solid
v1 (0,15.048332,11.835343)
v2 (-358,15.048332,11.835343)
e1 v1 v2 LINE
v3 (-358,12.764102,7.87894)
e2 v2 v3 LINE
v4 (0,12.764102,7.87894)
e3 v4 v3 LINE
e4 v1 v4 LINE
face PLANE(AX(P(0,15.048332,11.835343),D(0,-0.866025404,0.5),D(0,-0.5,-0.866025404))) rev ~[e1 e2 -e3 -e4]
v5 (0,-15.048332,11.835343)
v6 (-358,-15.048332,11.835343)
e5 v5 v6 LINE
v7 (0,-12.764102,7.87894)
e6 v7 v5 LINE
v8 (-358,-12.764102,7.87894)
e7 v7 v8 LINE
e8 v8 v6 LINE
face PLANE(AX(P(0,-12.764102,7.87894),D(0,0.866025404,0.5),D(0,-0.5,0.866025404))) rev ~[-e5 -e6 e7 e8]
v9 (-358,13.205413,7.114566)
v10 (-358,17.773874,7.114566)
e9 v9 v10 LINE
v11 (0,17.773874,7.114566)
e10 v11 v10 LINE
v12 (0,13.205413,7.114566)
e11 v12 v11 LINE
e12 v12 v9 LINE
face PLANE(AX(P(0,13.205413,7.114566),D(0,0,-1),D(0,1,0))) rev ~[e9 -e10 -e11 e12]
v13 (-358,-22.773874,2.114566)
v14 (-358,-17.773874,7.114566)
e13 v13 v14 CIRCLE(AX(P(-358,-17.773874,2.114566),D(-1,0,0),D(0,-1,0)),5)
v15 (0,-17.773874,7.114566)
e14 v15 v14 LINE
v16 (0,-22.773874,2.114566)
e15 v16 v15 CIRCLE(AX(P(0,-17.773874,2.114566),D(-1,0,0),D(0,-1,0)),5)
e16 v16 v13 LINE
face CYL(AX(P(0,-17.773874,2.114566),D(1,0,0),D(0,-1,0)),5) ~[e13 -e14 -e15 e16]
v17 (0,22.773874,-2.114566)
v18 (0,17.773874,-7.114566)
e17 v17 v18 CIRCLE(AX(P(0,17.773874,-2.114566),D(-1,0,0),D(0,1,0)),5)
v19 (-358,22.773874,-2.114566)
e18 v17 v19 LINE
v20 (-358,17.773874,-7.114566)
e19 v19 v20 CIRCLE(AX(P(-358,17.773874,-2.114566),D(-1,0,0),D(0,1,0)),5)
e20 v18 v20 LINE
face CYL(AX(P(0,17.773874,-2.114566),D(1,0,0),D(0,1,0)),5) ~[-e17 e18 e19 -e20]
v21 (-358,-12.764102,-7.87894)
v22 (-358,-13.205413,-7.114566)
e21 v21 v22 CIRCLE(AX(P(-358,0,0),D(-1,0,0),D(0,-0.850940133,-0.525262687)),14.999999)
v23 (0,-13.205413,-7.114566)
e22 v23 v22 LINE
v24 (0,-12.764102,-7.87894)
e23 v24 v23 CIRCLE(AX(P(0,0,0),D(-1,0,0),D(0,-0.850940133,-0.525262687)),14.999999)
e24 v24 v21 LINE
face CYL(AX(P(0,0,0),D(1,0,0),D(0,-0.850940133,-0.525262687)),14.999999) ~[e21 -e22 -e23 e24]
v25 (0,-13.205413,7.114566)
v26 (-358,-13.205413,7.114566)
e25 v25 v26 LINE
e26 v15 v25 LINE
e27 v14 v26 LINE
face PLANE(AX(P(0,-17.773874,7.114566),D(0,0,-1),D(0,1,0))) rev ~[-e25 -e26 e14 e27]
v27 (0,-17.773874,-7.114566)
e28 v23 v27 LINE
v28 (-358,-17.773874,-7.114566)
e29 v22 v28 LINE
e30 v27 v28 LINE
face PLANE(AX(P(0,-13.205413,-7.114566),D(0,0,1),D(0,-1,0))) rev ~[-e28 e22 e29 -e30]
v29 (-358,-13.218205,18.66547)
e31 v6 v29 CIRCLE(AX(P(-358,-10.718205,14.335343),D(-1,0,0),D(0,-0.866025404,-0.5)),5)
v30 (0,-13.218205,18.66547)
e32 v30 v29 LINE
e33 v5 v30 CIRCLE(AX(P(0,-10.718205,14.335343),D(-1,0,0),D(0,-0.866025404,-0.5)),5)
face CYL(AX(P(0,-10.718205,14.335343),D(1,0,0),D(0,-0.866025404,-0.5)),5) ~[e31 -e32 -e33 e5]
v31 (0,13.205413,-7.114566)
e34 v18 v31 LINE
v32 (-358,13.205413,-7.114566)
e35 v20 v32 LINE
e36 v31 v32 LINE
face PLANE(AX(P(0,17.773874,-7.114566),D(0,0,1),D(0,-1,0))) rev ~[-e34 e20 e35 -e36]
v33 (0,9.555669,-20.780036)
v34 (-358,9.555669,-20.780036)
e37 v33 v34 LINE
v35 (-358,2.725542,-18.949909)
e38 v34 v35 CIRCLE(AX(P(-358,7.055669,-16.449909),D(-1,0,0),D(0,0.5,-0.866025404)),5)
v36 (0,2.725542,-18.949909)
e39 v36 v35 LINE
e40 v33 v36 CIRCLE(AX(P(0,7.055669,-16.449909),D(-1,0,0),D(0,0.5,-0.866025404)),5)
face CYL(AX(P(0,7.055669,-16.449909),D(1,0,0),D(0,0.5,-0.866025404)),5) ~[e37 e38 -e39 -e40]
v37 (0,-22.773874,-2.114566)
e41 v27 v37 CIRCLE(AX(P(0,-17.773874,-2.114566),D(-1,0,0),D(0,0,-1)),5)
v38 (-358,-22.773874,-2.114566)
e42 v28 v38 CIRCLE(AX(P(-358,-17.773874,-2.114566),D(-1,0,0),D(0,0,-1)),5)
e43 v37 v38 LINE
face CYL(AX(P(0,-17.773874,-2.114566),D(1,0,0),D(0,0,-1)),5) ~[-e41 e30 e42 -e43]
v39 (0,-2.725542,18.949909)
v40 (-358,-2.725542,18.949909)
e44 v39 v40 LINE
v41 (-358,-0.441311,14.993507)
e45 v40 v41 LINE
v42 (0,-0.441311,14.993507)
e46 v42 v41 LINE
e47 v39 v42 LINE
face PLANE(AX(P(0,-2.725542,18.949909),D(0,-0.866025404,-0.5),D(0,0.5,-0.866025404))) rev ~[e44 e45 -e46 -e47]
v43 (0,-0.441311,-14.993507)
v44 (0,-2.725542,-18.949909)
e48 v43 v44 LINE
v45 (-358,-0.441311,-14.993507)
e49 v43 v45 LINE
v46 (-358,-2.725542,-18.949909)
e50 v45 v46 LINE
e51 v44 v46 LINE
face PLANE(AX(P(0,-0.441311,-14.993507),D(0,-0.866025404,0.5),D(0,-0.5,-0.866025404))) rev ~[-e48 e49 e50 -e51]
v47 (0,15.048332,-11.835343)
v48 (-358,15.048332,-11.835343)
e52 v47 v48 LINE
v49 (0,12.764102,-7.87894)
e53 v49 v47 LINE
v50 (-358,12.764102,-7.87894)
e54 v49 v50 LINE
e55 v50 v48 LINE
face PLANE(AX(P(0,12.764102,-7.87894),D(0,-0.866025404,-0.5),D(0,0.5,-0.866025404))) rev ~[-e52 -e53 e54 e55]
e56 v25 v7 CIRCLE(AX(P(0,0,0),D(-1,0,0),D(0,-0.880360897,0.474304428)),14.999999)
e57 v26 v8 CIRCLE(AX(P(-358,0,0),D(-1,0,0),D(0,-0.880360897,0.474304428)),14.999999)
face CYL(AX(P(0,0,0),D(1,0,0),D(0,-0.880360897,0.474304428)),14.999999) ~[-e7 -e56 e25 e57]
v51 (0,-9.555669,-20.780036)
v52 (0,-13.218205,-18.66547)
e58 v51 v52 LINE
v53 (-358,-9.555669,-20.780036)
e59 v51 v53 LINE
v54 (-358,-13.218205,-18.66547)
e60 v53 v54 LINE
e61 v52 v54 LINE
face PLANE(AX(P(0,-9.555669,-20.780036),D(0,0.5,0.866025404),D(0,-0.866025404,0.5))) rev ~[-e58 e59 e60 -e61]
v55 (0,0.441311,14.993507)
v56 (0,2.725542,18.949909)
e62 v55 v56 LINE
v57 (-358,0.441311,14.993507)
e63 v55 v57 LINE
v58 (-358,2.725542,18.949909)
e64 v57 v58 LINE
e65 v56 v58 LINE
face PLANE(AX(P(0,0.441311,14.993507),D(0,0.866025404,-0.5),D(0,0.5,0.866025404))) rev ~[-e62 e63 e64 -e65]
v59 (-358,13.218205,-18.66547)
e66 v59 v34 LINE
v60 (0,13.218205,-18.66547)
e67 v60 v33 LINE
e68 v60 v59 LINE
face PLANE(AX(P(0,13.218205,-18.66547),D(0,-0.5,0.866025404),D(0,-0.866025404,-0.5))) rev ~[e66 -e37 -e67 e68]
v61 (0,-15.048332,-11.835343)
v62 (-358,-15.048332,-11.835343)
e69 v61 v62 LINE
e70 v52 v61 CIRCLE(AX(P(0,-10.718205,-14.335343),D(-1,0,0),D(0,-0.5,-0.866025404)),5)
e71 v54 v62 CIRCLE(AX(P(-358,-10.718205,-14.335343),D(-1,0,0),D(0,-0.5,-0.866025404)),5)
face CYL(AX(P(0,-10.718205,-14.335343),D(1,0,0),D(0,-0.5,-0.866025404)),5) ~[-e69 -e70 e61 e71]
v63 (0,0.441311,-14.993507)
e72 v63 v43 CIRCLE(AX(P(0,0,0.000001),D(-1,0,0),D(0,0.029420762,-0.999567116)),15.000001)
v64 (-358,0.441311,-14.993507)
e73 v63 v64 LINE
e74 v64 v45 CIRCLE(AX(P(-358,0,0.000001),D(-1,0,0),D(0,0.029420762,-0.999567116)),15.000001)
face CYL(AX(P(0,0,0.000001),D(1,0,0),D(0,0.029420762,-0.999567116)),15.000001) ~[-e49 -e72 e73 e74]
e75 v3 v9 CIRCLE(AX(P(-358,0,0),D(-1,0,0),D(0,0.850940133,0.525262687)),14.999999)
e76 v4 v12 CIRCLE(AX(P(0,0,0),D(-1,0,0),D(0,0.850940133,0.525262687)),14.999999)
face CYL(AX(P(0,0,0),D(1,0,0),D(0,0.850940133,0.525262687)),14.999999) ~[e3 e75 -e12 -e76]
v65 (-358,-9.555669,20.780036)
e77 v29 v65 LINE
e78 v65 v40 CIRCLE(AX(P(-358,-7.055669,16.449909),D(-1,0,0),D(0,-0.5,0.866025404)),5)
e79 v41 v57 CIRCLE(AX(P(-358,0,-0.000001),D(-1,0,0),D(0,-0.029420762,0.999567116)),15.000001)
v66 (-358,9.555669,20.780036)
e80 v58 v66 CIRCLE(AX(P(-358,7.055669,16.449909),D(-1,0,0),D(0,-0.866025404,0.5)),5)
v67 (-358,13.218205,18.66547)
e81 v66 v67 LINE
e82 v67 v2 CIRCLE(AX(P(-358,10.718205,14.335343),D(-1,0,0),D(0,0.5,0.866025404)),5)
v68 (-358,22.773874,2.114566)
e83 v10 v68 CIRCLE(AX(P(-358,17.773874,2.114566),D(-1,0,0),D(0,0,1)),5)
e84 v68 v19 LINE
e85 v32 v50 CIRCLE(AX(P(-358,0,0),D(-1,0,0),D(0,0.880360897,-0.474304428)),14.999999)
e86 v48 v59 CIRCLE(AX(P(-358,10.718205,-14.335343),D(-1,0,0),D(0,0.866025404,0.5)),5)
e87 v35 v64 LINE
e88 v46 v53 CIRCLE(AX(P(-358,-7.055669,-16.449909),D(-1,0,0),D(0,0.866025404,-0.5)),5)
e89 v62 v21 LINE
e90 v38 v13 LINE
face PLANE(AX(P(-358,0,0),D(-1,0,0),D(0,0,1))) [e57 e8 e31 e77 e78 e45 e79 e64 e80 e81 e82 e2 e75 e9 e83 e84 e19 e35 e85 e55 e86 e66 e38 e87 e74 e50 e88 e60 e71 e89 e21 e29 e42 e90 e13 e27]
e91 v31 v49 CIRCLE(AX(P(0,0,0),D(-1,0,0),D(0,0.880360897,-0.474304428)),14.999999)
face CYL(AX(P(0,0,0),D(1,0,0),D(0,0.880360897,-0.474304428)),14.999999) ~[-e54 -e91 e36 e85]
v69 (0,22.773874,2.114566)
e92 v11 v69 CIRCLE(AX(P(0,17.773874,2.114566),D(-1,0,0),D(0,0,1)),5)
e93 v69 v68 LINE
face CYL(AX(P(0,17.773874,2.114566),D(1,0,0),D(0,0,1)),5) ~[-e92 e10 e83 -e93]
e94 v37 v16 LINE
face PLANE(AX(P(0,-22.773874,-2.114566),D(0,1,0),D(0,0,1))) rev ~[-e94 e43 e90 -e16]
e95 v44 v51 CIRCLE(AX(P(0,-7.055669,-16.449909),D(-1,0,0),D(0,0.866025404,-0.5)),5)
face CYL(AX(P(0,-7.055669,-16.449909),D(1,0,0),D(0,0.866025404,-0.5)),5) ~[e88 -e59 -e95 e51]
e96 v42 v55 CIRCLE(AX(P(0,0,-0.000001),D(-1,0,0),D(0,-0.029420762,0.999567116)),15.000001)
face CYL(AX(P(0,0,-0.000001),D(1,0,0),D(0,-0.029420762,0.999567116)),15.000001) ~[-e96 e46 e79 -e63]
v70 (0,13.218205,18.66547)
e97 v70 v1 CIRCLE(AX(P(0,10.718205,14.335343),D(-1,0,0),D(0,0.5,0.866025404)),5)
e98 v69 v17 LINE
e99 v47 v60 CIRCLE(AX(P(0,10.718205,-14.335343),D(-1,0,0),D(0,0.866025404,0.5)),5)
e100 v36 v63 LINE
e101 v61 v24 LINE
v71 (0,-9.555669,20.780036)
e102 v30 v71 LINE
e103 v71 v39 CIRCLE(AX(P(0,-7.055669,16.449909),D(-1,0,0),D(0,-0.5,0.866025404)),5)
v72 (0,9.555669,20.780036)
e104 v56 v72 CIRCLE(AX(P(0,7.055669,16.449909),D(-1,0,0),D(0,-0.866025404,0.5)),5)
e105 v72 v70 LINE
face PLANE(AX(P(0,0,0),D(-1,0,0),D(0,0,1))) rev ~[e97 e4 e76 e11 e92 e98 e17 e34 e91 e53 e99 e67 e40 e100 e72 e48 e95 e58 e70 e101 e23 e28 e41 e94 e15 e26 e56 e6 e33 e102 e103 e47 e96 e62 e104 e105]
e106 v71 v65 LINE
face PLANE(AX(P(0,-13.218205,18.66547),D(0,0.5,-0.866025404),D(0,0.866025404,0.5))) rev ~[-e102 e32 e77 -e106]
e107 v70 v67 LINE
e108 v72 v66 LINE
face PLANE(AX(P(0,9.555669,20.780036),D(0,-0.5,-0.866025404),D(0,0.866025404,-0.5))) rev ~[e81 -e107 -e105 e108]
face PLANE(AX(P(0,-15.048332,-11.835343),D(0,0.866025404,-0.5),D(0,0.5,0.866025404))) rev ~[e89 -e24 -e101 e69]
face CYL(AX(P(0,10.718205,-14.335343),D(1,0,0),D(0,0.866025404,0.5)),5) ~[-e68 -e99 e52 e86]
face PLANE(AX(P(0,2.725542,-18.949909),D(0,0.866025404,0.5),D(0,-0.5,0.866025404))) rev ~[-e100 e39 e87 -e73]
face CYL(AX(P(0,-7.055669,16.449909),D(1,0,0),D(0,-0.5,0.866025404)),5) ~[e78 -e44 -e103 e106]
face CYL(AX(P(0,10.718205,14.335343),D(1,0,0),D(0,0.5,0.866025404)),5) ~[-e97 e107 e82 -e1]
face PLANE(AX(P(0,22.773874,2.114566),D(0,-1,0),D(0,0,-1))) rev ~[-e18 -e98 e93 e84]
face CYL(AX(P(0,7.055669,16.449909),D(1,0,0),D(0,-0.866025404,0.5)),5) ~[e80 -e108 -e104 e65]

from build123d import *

# Parameters (mm, degrees)
SKETCH2_R            = 25.79
BOSS_EXTRUDE2_DEPTH  = 358
BOSS_EXTRUDE10_DEPTH = 358
SKETCH18_R           = 25.79
CUT_EXTRUDE5_DEPTH   = 358


with BuildPart() as part:
    # Sketch2 → Boss-Extrude2 (new body)
    with BuildSketch(Plane(origin=(0, 0, 0), x_dir=(0, 0, -1), z_dir=(1, 0, 0))):
        with Locations(Location((0, 0, 0), (0, 0, 180))):
            Circle(SKETCH2_R)
        with BuildLine():
            Line((9.521706212, 3.055668636), (16.449909442, 7.055668636))
            Line((16.449909442, 7.055668636), (14.335343, 10.718205149))
            Line((14.335343, 10.718205149), (7.40713977, 6.718205149))
            ThreePointArc((7.40713977, 6.718205149), (5, 8.660254038), (2.114566442, 9.773873785))
            Line((2.114566442, 9.773873785), (2.114566442, 17.773873785))
            Line((2.114566442, 17.773873785), (-2.114566442, 17.773873785))
            Line((-2.114566442, 17.773873785), (-2.114566442, 9.773873785))
            ThreePointArc((-2.114566442, 9.773873785), (-5, 8.660254038), (-7.40713977, 6.718205149))
            Line((-7.40713977, 6.718205149), (-14.335343, 10.718205149))
            Line((-14.335343, 10.718205149), (-16.449909442, 7.055668636))
            Line((-16.449909442, 7.055668636), (-9.521706212, 3.055668636))
            ThreePointArc((-9.521706212, 3.055668636), (-10, 0), (-9.521706212, -3.055668636))
            Line((-9.521706212, -3.055668636), (-16.449909442, -7.055668636))
            Line((-16.449909442, -7.055668636), (-14.335343, -10.718205149))
            Line((-14.335343, -10.718205149), (-7.40713977, -6.718205149))
            ThreePointArc((-7.40713977, -6.718205149), (-5, -8.660254038), (-2.114566442, -9.773873785))
            Line((-2.114566442, -9.773873785), (-2.114566442, -17.773873785))
            Line((-2.114566442, -17.773873785), (2.114566442, -17.773873785))
            Line((2.114566442, -17.773873785), (2.114566442, -9.773873785))
            ThreePointArc((2.114566442, -9.773873785), (5, -8.660254038), (7.40713977, -6.718205149))
            Line((7.40713977, -6.718205149), (14.335343, -10.718205149))
            Line((14.335343, -10.718205149), (16.449909442, -7.055668636))
            Line((16.449909442, -7.055668636), (9.521706212, -3.055668636))
            ThreePointArc((9.521706212, -3.055668636), (10, 0), (9.521706212, 3.055668636))
        make_face(mode=Mode.SUBTRACT)
    extrude(amount=BOSS_EXTRUDE2_DEPTH)

    # Sketch10 → Boss-Extrude10 (add)
    with BuildSketch(Plane.ZY):
        with BuildLine():
            Line((-7.114566442, -13.205413448), (-7.114566442, -17.773873785))
            ThreePointArc((-7.114566442, -17.773873785), (-5.650100348, -21.309407691), (-2.114566442, -22.773873785))
            Line((-2.114566442, -22.773873785), (2.114566442, -22.773873785))
            ThreePointArc((2.114566442, -22.773873785), (5.650100348, -21.309407691), (7.114566442, -17.773873785))
            Line((7.114566442, -17.773873785), (7.114566442, -13.205413448))
            ThreePointArc((7.114566442, -13.205413448), (7.5, -12.990381057), (7.878940293, -12.764102))
            Line((7.878940293, -12.764102), (11.835343, -15.048332168))
            ThreePointArc((11.835343, -15.048332168), (15.629438226, -15.547834281), (18.665470019, -13.218205149))
            Line((18.665470019, -13.218205149), (20.780036461, -9.555668636))
            ThreePointArc((20.780036461, -9.555668636), (21.279538574, -5.76157341), (18.949909442, -2.725541617))
            Line((18.949909442, -2.725541617), (14.993506735, -0.441311448))
            ThreePointArc((14.993506735, -0.441311448), (15, 0), (14.993506735, 0.441311448))
            Line((14.993506735, 0.441311448), (18.949909442, 2.725541617))
            ThreePointArc((18.949909442, 2.725541617), (21.279538574, 5.76157341), (20.780036461, 9.555668636))
            Line((20.780036461, 9.555668636), (18.665470019, 13.218205149))
            ThreePointArc((18.665470019, 13.218205149), (15.629438226, 15.547834281), (11.835343, 15.048332168))
            Line((11.835343, 15.048332168), (7.878940293, 12.764102))
            ThreePointArc((7.878940293, 12.764102), (7.5, 12.990381057), (7.114566442, 13.205413448))
            Line((7.114566442, 13.205413448), (7.114566442, 17.773873785))
            ThreePointArc((7.114566442, 17.773873785), (5.650100348, 21.309407691), (2.114566442, 22.773873785))
            Line((2.114566442, 22.773873785), (-2.114566442, 22.773873785))
            ThreePointArc((-2.114566442, 22.773873785), (-5.650100348, 21.309407691), (-7.114566442, 17.773873785))
            Line((-7.114566442, 17.773873785), (-7.114566442, 13.205413448))
            ThreePointArc((-7.114566442, 13.205413448), (-7.5, 12.990381057), (-7.878940293, 12.764102))
            Line((-7.878940293, 12.764102), (-11.835343, 15.048332168))
            ThreePointArc((-11.835343, 15.048332168), (-15.629438226, 15.547834281), (-18.665470019, 13.218205149))
            Line((-18.665470019, 13.218205149), (-20.780036461, 9.555668636))
            ThreePointArc((-20.780036461, 9.555668636), (-21.279538574, 5.76157341), (-18.949909442, 2.725541617))
            Line((-18.949909442, 2.725541617), (-14.993506735, 0.441311448))
            ThreePointArc((-14.993506735, 0.441311448), (-15, 0), (-14.993506735, -0.441311448))
            Line((-14.993506735, -0.441311448), (-18.949909442, -2.725541617))
            ThreePointArc((-18.949909442, -2.725541617), (-21.279538574, -5.76157341), (-20.780036461, -9.555668636))
            Line((-20.780036461, -9.555668636), (-18.665470019, -13.218205149))
            ThreePointArc((-18.665470019, -13.218205149), (-15.629438226, -15.547834281), (-11.835343, -15.048332168))
            Line((-11.835343, -15.048332168), (-7.878940293, -12.764102))
            ThreePointArc((-7.878940293, -12.764102), (-7.5, -12.990381057), (-7.114566442, -13.205413448))
        make_face()
    extrude(amount=BOSS_EXTRUDE10_DEPTH)

    # Sketch18 → Cut-Extrude5 (cut)
    with BuildSketch(Plane.ZY):
        Circle(SKETCH18_R)
    extrude(amount=-CUT_EXTRUDE5_DEPTH, mode=Mode.SUBTRACT)


solid = part.part
